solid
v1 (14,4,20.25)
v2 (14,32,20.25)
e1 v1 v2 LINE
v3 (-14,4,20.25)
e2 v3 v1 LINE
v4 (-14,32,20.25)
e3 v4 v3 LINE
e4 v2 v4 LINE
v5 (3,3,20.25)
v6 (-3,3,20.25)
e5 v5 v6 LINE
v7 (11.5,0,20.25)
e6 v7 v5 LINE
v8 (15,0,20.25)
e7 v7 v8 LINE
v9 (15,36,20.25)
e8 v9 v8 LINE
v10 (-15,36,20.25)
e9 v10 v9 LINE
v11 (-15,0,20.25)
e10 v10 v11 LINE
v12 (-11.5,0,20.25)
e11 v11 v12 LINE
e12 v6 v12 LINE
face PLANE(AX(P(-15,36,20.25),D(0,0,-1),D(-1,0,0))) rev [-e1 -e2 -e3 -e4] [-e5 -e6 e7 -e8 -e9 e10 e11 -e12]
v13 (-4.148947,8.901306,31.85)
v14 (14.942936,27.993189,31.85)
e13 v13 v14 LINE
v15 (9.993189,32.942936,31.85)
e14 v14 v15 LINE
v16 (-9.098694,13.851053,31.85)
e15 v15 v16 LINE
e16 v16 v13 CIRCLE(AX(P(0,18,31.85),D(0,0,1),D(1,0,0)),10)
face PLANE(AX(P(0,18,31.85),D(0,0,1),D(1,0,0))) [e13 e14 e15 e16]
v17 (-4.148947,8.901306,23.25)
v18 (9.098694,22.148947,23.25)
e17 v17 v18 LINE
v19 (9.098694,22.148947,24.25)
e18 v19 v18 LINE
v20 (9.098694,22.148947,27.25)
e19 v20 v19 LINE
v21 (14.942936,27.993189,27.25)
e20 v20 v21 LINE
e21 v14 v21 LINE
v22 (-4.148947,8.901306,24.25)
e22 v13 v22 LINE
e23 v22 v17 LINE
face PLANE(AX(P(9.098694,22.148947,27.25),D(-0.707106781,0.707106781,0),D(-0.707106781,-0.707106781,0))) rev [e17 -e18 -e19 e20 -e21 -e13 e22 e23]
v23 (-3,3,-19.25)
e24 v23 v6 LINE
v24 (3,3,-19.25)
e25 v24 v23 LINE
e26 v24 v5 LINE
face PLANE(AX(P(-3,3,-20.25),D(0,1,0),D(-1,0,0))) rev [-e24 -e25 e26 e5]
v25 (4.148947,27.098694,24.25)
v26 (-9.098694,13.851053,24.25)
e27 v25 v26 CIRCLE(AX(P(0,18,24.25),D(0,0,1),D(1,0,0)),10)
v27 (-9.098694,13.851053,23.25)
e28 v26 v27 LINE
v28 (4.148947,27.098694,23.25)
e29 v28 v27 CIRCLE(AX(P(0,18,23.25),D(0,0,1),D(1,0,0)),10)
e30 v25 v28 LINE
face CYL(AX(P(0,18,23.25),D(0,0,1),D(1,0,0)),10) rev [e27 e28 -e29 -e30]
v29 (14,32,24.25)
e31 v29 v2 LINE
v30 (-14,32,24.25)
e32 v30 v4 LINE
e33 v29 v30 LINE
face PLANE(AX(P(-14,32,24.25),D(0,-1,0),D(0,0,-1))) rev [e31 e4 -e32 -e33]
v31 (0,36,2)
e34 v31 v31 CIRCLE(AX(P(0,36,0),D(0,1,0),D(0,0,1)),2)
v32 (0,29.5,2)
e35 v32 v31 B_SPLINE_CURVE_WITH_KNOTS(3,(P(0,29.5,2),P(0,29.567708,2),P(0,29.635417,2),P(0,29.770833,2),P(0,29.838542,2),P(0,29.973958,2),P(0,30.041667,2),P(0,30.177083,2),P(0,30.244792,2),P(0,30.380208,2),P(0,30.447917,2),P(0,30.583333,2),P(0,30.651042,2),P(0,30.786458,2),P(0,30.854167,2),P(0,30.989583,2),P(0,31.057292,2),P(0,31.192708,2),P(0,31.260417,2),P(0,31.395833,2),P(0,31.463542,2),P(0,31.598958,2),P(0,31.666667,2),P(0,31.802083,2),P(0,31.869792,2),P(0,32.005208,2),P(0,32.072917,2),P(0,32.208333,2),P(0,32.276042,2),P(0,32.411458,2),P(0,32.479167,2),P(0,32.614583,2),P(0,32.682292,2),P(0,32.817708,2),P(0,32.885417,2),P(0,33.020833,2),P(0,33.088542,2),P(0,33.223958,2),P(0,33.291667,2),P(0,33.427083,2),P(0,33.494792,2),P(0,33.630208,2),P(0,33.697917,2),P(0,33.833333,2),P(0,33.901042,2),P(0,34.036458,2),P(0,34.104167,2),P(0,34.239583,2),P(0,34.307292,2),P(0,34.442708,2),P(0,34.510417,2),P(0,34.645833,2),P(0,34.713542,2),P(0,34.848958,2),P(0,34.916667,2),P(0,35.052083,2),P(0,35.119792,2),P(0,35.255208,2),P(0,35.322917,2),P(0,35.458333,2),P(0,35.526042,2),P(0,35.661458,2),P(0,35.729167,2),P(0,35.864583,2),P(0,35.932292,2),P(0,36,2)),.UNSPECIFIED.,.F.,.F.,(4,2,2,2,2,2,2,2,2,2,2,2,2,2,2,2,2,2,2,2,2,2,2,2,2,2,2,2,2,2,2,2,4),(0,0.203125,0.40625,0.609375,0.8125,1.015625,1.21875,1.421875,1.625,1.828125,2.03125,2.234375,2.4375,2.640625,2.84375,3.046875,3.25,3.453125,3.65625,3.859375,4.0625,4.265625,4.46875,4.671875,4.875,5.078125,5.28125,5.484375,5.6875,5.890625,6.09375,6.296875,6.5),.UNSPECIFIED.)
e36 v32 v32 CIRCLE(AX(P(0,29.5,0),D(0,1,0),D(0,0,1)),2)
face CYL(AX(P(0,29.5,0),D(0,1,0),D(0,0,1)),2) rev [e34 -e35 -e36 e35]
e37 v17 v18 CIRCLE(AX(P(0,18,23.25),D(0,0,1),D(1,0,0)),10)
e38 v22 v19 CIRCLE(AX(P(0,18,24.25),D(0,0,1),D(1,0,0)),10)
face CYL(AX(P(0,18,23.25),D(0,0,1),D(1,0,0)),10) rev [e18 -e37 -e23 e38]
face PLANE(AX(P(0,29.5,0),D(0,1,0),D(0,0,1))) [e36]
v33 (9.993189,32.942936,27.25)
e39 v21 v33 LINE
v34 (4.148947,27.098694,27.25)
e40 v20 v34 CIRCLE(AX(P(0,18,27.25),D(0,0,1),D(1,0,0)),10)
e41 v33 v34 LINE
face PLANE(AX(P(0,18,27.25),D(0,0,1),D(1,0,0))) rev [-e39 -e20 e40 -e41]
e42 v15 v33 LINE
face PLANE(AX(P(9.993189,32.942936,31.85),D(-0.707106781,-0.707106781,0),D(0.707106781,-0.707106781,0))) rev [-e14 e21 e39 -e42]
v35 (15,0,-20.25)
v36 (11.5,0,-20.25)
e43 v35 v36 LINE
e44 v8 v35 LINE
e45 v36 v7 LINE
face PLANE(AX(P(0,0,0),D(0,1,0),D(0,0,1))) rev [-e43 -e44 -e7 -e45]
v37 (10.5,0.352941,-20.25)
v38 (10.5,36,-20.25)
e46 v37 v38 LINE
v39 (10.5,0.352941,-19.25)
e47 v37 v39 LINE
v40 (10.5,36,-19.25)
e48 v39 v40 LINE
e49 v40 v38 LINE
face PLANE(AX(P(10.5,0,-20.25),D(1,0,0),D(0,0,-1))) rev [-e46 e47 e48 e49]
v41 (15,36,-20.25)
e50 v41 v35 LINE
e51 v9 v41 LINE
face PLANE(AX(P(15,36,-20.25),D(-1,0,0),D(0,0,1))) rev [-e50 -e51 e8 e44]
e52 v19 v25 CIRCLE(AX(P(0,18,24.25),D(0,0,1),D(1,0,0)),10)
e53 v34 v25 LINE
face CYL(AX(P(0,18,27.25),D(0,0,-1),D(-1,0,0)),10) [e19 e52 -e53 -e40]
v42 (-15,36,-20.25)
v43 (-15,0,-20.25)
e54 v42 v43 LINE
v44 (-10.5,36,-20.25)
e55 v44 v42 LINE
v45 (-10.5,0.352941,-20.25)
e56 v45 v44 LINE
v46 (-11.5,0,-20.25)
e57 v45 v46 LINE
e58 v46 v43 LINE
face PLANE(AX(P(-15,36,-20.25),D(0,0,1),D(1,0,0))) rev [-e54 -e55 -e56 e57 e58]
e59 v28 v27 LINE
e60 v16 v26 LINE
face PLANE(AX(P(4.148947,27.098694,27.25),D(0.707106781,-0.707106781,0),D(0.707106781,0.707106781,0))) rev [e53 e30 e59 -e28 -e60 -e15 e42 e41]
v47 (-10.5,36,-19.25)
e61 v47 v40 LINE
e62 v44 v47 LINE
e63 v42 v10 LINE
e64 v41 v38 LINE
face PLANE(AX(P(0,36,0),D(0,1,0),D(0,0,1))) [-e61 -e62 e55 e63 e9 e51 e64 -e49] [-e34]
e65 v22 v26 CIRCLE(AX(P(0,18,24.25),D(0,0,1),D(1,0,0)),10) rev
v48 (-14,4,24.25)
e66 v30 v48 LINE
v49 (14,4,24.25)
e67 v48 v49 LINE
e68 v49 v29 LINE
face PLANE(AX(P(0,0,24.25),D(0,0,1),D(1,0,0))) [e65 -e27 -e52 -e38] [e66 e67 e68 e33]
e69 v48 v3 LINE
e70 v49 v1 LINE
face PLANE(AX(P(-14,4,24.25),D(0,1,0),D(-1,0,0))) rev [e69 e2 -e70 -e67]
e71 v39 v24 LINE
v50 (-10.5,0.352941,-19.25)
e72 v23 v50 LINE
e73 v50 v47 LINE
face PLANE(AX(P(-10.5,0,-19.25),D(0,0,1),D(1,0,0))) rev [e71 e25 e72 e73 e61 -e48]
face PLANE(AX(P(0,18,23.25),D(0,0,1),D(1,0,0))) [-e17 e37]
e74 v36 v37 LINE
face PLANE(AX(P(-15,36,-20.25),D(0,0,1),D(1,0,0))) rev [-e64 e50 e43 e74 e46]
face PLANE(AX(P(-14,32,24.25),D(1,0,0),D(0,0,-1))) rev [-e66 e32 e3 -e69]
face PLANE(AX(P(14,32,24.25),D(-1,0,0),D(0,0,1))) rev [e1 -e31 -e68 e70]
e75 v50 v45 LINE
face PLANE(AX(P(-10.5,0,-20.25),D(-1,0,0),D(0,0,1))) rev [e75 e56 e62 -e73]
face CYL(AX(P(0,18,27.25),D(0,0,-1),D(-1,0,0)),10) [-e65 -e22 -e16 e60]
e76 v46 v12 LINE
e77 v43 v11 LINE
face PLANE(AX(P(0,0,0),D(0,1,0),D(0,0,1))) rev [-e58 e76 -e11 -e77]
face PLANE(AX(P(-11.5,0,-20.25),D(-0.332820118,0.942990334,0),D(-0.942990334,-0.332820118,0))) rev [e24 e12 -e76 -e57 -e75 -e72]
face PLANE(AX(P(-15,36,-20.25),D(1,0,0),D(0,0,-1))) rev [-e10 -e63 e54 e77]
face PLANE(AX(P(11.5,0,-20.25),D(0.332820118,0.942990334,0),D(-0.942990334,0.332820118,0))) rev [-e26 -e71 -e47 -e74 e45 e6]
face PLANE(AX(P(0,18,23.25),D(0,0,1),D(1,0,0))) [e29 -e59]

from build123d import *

# Parameters (mm, degrees)
SKETCH_1_W          = 30
SKETCH_1_H          = 40.5
EXTRUDE_1_DEPTH     = 36
SKETCH_2_W          = 28
SKETCH_2_H          = 28
EXTRUDE_2_DEPTH     = 4
SKETCH_3_R          = 10
CUT_EXTRUDE_1_DEPTH = 1
EXTRUDE_START       = 4
EXTRUDE_3_DEPTH     = 4
EXTRUDE_START_2     = 4.6
EXTRUDE_4_DEPTH     = 4.6
SKETCH_7_W          = 21
SKETCH_7_H          = 1
CUT_EXTRUDE_2_DEPTH = 51.352979058
CUT_EXTRUDE_3_DEPTH = 57.224994442
SKETCH_9_R          = 2
CUT_EXTRUDE_4_DEPTH = 6.5


with BuildPart() as part:
    # 草图1 → 凸台-拉伸1 (new body)
    with BuildSketch(Plane(origin=(0, 0, 0), x_dir=(1, 0, 0), z_dir=(0, 1, 0))):
        Rectangle(SKETCH_1_W, SKETCH_1_H)
    extrude(amount=EXTRUDE_1_DEPTH)

    # 草图2 → 凸台-拉伸2 (add)
    with BuildSketch(Plane.XY.offset(20.25)):
        with Locations((0, 18)):
            Rectangle(SKETCH_2_W, SKETCH_2_H)
    extrude(amount=EXTRUDE_2_DEPTH)

    # 草图3 → 切除-拉伸1 (cut)
    with BuildSketch(Plane.XY.offset(24.25)):
        with Locations((0, 18)):
            Circle(SKETCH_3_R)
    extrude(amount=-CUT_EXTRUDE_1_DEPTH, mode=Mode.SUBTRACT)

    # 草图5 → 凸台-拉伸3 (add)
    with BuildSketch(Plane.XY.offset(23.25).offset(EXTRUDE_START)):
        with BuildLine():
            Line((4.148946916, 27.098694384), (-9.098694384, 13.851053084))
            ThreePointArc((-9.098694384, 13.851053084), (-7.071067812, 10.928932188), (-4.148946916, 8.901305616))
            Line((-4.148946916, 8.901305616), (9.098694384, 22.148946916))
            ThreePointArc((9.098694384, 22.148946916), (7.071067812, 25.071067812), (4.148946916, 27.098694384))
        make_face()
    extrude(amount=-EXTRUDE_3_DEPTH)

    # 草图6 → 凸台-拉伸4 (add)
    with BuildSketch(Plane.XY.offset(27.25).offset(EXTRUDE_START_2)):
        with BuildLine():
            Line((-9.098694384, 13.851053084), (9.993188708, 32.942936176))
            Line((9.993188708, 32.942936176), (14.942936176, 27.993188708))
            Line((14.942936176, 27.993188708), (-4.148946916, 8.901305616))
            ThreePointArc((-4.148946916, 8.901305616), (-7.071067812, 10.928932188), (-9.098694384, 13.851053084))
        make_face()
    extrude(amount=-EXTRUDE_4_DEPTH)

    # 草图7 → 切除-拉伸2 (cut, through all)
    with BuildSketch(Plane(origin=(0, 36, 0), x_dir=(1, 0, 0), z_dir=(0, 1, 0))):
        with Locations((0, 19.75)):
            Rectangle(SKETCH_7_W, SKETCH_7_H)
    extrude(amount=-CUT_EXTRUDE_2_DEPTH, mode=Mode.SUBTRACT)

    # 草图8 → 切除-拉伸3 (cut, through all)
    with BuildSketch(Plane.XY.offset(20.25)):
        Polygon((-11.5, 0), (-3, 3), (3, 3), (11.5, 0), align=None)
    extrude(amount=-CUT_EXTRUDE_3_DEPTH, mode=Mode.SUBTRACT)

    # 草图9 → 切除-拉伸4 (cut)
    with BuildSketch(Plane(origin=(0, 36, 0), x_dir=(1, 0, 0), z_dir=(0, 1, 0))):
        with Locations(Location((0, 0, 0), (0, 0, 270))):
            Circle(SKETCH_9_R)
    extrude(amount=-CUT_EXTRUDE_4_DEPTH, mode=Mode.SUBTRACT)


solid = part.part
